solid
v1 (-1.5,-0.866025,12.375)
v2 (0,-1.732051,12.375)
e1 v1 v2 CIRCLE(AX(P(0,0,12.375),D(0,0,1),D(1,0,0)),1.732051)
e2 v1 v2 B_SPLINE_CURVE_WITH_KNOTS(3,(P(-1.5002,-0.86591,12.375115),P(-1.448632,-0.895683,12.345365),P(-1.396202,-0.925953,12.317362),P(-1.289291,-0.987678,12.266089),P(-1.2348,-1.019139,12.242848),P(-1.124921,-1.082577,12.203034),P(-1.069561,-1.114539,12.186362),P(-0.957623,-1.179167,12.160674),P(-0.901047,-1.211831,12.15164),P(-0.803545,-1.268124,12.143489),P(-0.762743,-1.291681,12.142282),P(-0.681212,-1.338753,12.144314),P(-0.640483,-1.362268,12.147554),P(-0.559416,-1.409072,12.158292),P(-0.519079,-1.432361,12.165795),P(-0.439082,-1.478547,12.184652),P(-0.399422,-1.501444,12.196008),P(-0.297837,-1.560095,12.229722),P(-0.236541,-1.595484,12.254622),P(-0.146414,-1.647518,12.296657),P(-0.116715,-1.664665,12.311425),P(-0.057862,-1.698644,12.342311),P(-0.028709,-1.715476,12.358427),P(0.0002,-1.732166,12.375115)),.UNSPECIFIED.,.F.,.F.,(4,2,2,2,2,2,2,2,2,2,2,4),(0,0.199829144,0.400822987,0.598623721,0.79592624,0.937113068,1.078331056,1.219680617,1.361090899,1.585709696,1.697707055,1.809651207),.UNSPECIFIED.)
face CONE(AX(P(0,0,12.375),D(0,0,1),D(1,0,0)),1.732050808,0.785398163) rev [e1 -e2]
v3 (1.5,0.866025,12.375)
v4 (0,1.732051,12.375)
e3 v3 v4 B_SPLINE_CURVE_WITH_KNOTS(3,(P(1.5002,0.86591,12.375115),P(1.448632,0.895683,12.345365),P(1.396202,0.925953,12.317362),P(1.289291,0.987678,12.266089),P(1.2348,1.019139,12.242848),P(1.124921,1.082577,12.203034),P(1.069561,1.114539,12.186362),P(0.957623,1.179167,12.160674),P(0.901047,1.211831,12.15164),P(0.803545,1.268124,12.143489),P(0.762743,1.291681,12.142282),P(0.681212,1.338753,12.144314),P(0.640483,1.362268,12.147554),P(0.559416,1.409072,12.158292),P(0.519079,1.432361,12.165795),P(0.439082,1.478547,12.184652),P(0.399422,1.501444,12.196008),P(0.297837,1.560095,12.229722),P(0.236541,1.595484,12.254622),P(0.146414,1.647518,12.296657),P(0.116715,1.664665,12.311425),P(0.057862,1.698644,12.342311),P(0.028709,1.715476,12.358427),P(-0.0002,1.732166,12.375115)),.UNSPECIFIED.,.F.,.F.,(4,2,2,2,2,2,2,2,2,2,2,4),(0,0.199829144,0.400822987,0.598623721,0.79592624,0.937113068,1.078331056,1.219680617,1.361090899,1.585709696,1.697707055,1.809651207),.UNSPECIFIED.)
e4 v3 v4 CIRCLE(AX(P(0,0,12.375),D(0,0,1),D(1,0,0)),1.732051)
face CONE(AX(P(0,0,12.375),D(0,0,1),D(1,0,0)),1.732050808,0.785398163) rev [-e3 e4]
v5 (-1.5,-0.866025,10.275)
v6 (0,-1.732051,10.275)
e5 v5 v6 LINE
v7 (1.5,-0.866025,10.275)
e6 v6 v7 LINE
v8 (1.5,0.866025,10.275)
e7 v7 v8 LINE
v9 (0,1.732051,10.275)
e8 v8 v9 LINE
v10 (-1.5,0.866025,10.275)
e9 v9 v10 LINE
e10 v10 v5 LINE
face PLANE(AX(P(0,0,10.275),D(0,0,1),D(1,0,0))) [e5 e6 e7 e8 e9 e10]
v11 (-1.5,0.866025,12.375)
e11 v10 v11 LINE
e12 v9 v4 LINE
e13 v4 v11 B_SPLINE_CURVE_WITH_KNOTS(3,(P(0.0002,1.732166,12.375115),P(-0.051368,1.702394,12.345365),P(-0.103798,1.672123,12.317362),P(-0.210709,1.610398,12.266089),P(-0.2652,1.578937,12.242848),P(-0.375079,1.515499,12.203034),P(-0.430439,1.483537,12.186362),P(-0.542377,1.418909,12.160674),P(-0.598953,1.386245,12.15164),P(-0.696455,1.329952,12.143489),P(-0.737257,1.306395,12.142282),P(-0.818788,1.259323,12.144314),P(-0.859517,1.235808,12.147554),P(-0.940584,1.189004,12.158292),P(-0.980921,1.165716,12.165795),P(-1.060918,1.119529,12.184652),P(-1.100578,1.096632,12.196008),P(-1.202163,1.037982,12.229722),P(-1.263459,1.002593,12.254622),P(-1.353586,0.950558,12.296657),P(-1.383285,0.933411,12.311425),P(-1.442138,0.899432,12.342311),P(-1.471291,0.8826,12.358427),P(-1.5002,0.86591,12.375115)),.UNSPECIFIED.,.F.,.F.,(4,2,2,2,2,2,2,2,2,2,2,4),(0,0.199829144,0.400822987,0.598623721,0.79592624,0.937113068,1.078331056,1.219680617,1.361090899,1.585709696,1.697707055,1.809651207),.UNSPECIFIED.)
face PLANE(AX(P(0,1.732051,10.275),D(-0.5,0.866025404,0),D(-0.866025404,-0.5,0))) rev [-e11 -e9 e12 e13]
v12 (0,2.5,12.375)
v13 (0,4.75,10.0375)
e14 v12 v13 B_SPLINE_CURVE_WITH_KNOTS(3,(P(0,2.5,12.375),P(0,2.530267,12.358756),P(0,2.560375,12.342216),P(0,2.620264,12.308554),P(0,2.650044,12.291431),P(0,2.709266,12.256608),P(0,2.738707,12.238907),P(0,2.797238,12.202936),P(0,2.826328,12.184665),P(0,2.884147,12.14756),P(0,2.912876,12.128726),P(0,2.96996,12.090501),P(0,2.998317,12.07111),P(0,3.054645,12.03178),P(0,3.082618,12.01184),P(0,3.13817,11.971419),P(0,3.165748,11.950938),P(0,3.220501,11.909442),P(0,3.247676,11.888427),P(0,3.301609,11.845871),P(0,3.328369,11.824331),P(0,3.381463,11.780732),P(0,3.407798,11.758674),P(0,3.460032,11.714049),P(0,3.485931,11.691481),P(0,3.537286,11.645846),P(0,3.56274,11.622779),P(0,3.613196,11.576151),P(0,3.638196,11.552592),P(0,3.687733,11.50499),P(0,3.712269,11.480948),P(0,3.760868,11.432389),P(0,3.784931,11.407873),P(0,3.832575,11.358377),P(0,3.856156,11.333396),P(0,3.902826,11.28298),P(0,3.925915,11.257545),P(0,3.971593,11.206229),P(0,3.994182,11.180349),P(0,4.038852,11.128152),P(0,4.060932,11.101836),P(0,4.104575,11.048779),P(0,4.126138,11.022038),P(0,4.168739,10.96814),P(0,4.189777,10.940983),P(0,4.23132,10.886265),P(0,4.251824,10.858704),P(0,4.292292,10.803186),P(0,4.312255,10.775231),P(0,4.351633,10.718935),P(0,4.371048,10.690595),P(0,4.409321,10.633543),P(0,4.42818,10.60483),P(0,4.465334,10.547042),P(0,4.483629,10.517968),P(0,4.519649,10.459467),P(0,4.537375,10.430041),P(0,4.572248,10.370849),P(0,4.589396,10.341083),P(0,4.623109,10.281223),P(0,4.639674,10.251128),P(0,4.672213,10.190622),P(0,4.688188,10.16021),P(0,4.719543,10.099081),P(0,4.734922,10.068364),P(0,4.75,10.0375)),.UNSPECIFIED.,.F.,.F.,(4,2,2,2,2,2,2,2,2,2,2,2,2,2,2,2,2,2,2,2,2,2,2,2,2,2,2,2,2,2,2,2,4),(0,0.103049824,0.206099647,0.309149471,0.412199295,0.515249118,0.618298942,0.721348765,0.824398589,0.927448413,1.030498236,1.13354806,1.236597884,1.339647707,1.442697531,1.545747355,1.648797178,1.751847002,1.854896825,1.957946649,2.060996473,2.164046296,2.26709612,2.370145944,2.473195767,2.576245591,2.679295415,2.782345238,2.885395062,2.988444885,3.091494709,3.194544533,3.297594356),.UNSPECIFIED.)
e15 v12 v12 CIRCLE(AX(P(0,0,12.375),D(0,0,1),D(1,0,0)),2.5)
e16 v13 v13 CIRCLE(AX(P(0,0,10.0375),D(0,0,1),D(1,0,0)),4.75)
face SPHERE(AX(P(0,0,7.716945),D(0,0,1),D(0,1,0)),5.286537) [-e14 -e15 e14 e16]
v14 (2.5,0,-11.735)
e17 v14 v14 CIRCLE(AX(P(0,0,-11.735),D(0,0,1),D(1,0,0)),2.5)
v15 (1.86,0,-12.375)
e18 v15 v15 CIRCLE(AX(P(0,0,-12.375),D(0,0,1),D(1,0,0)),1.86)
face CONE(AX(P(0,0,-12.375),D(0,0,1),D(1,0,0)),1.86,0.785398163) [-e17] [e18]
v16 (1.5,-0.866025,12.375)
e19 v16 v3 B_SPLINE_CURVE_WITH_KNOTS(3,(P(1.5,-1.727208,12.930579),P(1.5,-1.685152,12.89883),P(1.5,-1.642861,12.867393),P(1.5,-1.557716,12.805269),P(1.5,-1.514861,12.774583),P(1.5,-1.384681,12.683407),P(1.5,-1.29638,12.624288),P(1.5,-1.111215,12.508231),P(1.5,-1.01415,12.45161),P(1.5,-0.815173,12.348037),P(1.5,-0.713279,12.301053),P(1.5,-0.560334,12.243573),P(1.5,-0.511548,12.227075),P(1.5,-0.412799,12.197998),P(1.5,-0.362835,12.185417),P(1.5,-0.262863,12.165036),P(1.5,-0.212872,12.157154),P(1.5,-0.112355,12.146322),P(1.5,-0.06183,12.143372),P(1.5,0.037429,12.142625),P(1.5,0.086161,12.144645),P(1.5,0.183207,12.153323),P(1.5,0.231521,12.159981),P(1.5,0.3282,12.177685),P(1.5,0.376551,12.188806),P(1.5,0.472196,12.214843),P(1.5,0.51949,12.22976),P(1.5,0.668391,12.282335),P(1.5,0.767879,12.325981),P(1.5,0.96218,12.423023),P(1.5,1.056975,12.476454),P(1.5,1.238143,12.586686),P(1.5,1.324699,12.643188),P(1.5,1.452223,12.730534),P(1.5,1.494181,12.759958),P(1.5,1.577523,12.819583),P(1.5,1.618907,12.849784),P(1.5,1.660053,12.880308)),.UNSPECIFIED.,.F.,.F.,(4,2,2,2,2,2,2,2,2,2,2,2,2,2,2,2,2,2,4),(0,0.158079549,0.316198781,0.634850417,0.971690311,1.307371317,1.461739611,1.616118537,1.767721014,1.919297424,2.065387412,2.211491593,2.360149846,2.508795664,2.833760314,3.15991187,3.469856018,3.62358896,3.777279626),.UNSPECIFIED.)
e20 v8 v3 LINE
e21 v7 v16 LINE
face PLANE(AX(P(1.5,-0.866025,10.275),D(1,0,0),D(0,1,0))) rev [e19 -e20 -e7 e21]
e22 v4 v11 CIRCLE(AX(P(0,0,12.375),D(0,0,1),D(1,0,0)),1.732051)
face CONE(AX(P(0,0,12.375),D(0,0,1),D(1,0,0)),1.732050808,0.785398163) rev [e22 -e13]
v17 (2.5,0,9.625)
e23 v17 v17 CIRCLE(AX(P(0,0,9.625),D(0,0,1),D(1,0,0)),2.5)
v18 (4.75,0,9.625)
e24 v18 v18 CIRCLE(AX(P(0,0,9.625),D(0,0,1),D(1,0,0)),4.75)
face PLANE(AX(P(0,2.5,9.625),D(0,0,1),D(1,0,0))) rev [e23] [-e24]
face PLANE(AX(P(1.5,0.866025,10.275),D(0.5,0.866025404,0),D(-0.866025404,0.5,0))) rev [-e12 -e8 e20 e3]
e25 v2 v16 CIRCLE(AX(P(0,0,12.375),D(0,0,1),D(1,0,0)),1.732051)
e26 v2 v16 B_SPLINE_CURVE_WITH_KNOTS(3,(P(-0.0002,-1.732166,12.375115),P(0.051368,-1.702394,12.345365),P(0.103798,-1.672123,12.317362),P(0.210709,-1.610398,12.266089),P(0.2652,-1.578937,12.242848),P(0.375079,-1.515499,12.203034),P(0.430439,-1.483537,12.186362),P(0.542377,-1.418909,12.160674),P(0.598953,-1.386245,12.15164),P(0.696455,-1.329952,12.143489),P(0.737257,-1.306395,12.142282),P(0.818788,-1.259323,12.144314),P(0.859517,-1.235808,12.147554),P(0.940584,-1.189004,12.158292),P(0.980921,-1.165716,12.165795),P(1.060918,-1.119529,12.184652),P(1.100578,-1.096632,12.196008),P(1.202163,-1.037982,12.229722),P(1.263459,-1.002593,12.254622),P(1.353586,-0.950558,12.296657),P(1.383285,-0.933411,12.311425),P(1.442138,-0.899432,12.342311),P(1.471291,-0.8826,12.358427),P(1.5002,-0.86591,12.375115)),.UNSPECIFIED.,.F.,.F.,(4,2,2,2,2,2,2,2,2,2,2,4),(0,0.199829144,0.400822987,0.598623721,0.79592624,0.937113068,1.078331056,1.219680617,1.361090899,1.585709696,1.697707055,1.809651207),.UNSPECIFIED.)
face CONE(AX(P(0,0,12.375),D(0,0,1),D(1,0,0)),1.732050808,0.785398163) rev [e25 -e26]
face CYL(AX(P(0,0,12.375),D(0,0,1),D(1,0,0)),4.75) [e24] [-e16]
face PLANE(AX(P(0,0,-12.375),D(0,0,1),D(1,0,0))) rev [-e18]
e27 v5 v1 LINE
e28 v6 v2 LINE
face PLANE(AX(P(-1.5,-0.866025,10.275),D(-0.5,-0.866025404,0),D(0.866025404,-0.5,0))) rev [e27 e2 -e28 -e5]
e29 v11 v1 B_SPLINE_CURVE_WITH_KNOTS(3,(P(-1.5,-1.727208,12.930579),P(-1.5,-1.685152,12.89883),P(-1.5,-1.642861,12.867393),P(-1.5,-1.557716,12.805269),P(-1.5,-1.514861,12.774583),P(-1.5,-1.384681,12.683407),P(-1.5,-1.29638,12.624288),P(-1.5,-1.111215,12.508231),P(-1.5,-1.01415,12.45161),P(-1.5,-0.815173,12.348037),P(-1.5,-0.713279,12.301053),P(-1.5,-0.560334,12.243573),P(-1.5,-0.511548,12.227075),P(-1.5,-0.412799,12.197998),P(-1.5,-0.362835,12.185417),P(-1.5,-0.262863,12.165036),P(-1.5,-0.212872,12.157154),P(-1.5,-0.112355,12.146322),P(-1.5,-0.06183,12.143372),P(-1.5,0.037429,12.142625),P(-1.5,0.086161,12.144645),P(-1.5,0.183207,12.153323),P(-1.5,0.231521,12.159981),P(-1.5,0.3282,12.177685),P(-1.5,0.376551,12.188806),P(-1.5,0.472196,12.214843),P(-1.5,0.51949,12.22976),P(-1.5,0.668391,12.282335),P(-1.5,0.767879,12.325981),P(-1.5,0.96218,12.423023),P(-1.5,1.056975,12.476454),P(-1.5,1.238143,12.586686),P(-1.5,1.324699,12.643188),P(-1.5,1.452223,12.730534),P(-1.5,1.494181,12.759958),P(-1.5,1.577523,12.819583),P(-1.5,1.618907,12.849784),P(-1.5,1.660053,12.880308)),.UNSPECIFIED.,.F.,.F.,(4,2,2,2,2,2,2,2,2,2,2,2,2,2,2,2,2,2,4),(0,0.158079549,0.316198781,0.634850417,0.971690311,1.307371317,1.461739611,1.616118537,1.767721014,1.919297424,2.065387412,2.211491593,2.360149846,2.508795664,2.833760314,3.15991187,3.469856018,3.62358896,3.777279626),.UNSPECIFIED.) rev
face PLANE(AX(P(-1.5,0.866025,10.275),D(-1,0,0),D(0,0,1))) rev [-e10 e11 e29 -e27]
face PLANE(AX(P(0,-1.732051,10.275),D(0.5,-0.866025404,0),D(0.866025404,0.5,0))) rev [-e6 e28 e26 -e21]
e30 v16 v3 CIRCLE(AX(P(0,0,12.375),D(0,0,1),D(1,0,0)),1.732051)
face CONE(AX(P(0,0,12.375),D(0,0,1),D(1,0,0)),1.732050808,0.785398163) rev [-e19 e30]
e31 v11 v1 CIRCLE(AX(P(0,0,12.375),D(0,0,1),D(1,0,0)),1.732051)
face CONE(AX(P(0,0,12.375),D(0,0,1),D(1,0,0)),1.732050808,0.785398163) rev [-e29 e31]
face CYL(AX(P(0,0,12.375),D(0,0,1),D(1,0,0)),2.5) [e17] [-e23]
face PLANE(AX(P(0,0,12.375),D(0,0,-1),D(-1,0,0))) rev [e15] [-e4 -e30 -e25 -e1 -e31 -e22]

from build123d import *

# Parameters (mm, degrees)
CUT_EXTRUDE1_DEPTH = 2.1


with BuildPart() as part:
    # Sketch2 → Revolve1 (revolve)
    with BuildSketch(Plane(origin=(0, 0, 0), x_dir=(0, 0, -1), z_dir=(1, 0, 0)), mode=Mode.PRIVATE) as revolve1_sk:
        with BuildLine():
            Line((-12.375, 0), (12.375, 0))
            Line((12.375, 0), (12.375, 1.86))
            Line((12.375, 1.86), (11.735, 2.5))
            Line((11.735, 2.5), (-9.625, 2.5))
            Line((-9.625, 2.5), (-9.625, 4.75))
            Line((-9.625, 4.75), (-10.0375, 4.75))
            ThreePointArc((-10.0375, 4.75), (-11.383124817, 3.808753282), (-12.375, 2.5))
            Line((-12.375, 2.5), (-12.375, 0))
        make_face()
    revolve(revolve1_sk.sketch.rotate(Axis((0, 0, 12.375), (0, 0, -1)), 90), axis=Axis((0, 0, 12.375), (0, 0, -1)))

    # Sketch3 → Cut-Extrude1 (cut)
    with BuildSketch(Plane.XY.offset(12.375)):
        Polygon((0, 1.732050808), (-1.5, 0.866025404), (-1.5, -0.866025404), (0, -1.732050808), (1.5, -0.866025404), (1.5, 0.866025404), align=None)
    extrude(amount=-CUT_EXTRUDE1_DEPTH, mode=Mode.SUBTRACT)

    # Cut-Extrude2 cone 1 section (through the dimple's axis) → Cut-Extrude2 (revolve, cut)
    with BuildSketch(Plane(origin=(0, 0, 12.375), x_dir=(0, -1, 0), z_dir=(1, 0, 0))):
        Polygon((0, 0), (1.732050808, 0), (0, 1.732050808), align=None)
    revolve(axis=Axis((0, 0, 12.375), (0, 0, -1)), mode=Mode.SUBTRACT)


solid = part.part
